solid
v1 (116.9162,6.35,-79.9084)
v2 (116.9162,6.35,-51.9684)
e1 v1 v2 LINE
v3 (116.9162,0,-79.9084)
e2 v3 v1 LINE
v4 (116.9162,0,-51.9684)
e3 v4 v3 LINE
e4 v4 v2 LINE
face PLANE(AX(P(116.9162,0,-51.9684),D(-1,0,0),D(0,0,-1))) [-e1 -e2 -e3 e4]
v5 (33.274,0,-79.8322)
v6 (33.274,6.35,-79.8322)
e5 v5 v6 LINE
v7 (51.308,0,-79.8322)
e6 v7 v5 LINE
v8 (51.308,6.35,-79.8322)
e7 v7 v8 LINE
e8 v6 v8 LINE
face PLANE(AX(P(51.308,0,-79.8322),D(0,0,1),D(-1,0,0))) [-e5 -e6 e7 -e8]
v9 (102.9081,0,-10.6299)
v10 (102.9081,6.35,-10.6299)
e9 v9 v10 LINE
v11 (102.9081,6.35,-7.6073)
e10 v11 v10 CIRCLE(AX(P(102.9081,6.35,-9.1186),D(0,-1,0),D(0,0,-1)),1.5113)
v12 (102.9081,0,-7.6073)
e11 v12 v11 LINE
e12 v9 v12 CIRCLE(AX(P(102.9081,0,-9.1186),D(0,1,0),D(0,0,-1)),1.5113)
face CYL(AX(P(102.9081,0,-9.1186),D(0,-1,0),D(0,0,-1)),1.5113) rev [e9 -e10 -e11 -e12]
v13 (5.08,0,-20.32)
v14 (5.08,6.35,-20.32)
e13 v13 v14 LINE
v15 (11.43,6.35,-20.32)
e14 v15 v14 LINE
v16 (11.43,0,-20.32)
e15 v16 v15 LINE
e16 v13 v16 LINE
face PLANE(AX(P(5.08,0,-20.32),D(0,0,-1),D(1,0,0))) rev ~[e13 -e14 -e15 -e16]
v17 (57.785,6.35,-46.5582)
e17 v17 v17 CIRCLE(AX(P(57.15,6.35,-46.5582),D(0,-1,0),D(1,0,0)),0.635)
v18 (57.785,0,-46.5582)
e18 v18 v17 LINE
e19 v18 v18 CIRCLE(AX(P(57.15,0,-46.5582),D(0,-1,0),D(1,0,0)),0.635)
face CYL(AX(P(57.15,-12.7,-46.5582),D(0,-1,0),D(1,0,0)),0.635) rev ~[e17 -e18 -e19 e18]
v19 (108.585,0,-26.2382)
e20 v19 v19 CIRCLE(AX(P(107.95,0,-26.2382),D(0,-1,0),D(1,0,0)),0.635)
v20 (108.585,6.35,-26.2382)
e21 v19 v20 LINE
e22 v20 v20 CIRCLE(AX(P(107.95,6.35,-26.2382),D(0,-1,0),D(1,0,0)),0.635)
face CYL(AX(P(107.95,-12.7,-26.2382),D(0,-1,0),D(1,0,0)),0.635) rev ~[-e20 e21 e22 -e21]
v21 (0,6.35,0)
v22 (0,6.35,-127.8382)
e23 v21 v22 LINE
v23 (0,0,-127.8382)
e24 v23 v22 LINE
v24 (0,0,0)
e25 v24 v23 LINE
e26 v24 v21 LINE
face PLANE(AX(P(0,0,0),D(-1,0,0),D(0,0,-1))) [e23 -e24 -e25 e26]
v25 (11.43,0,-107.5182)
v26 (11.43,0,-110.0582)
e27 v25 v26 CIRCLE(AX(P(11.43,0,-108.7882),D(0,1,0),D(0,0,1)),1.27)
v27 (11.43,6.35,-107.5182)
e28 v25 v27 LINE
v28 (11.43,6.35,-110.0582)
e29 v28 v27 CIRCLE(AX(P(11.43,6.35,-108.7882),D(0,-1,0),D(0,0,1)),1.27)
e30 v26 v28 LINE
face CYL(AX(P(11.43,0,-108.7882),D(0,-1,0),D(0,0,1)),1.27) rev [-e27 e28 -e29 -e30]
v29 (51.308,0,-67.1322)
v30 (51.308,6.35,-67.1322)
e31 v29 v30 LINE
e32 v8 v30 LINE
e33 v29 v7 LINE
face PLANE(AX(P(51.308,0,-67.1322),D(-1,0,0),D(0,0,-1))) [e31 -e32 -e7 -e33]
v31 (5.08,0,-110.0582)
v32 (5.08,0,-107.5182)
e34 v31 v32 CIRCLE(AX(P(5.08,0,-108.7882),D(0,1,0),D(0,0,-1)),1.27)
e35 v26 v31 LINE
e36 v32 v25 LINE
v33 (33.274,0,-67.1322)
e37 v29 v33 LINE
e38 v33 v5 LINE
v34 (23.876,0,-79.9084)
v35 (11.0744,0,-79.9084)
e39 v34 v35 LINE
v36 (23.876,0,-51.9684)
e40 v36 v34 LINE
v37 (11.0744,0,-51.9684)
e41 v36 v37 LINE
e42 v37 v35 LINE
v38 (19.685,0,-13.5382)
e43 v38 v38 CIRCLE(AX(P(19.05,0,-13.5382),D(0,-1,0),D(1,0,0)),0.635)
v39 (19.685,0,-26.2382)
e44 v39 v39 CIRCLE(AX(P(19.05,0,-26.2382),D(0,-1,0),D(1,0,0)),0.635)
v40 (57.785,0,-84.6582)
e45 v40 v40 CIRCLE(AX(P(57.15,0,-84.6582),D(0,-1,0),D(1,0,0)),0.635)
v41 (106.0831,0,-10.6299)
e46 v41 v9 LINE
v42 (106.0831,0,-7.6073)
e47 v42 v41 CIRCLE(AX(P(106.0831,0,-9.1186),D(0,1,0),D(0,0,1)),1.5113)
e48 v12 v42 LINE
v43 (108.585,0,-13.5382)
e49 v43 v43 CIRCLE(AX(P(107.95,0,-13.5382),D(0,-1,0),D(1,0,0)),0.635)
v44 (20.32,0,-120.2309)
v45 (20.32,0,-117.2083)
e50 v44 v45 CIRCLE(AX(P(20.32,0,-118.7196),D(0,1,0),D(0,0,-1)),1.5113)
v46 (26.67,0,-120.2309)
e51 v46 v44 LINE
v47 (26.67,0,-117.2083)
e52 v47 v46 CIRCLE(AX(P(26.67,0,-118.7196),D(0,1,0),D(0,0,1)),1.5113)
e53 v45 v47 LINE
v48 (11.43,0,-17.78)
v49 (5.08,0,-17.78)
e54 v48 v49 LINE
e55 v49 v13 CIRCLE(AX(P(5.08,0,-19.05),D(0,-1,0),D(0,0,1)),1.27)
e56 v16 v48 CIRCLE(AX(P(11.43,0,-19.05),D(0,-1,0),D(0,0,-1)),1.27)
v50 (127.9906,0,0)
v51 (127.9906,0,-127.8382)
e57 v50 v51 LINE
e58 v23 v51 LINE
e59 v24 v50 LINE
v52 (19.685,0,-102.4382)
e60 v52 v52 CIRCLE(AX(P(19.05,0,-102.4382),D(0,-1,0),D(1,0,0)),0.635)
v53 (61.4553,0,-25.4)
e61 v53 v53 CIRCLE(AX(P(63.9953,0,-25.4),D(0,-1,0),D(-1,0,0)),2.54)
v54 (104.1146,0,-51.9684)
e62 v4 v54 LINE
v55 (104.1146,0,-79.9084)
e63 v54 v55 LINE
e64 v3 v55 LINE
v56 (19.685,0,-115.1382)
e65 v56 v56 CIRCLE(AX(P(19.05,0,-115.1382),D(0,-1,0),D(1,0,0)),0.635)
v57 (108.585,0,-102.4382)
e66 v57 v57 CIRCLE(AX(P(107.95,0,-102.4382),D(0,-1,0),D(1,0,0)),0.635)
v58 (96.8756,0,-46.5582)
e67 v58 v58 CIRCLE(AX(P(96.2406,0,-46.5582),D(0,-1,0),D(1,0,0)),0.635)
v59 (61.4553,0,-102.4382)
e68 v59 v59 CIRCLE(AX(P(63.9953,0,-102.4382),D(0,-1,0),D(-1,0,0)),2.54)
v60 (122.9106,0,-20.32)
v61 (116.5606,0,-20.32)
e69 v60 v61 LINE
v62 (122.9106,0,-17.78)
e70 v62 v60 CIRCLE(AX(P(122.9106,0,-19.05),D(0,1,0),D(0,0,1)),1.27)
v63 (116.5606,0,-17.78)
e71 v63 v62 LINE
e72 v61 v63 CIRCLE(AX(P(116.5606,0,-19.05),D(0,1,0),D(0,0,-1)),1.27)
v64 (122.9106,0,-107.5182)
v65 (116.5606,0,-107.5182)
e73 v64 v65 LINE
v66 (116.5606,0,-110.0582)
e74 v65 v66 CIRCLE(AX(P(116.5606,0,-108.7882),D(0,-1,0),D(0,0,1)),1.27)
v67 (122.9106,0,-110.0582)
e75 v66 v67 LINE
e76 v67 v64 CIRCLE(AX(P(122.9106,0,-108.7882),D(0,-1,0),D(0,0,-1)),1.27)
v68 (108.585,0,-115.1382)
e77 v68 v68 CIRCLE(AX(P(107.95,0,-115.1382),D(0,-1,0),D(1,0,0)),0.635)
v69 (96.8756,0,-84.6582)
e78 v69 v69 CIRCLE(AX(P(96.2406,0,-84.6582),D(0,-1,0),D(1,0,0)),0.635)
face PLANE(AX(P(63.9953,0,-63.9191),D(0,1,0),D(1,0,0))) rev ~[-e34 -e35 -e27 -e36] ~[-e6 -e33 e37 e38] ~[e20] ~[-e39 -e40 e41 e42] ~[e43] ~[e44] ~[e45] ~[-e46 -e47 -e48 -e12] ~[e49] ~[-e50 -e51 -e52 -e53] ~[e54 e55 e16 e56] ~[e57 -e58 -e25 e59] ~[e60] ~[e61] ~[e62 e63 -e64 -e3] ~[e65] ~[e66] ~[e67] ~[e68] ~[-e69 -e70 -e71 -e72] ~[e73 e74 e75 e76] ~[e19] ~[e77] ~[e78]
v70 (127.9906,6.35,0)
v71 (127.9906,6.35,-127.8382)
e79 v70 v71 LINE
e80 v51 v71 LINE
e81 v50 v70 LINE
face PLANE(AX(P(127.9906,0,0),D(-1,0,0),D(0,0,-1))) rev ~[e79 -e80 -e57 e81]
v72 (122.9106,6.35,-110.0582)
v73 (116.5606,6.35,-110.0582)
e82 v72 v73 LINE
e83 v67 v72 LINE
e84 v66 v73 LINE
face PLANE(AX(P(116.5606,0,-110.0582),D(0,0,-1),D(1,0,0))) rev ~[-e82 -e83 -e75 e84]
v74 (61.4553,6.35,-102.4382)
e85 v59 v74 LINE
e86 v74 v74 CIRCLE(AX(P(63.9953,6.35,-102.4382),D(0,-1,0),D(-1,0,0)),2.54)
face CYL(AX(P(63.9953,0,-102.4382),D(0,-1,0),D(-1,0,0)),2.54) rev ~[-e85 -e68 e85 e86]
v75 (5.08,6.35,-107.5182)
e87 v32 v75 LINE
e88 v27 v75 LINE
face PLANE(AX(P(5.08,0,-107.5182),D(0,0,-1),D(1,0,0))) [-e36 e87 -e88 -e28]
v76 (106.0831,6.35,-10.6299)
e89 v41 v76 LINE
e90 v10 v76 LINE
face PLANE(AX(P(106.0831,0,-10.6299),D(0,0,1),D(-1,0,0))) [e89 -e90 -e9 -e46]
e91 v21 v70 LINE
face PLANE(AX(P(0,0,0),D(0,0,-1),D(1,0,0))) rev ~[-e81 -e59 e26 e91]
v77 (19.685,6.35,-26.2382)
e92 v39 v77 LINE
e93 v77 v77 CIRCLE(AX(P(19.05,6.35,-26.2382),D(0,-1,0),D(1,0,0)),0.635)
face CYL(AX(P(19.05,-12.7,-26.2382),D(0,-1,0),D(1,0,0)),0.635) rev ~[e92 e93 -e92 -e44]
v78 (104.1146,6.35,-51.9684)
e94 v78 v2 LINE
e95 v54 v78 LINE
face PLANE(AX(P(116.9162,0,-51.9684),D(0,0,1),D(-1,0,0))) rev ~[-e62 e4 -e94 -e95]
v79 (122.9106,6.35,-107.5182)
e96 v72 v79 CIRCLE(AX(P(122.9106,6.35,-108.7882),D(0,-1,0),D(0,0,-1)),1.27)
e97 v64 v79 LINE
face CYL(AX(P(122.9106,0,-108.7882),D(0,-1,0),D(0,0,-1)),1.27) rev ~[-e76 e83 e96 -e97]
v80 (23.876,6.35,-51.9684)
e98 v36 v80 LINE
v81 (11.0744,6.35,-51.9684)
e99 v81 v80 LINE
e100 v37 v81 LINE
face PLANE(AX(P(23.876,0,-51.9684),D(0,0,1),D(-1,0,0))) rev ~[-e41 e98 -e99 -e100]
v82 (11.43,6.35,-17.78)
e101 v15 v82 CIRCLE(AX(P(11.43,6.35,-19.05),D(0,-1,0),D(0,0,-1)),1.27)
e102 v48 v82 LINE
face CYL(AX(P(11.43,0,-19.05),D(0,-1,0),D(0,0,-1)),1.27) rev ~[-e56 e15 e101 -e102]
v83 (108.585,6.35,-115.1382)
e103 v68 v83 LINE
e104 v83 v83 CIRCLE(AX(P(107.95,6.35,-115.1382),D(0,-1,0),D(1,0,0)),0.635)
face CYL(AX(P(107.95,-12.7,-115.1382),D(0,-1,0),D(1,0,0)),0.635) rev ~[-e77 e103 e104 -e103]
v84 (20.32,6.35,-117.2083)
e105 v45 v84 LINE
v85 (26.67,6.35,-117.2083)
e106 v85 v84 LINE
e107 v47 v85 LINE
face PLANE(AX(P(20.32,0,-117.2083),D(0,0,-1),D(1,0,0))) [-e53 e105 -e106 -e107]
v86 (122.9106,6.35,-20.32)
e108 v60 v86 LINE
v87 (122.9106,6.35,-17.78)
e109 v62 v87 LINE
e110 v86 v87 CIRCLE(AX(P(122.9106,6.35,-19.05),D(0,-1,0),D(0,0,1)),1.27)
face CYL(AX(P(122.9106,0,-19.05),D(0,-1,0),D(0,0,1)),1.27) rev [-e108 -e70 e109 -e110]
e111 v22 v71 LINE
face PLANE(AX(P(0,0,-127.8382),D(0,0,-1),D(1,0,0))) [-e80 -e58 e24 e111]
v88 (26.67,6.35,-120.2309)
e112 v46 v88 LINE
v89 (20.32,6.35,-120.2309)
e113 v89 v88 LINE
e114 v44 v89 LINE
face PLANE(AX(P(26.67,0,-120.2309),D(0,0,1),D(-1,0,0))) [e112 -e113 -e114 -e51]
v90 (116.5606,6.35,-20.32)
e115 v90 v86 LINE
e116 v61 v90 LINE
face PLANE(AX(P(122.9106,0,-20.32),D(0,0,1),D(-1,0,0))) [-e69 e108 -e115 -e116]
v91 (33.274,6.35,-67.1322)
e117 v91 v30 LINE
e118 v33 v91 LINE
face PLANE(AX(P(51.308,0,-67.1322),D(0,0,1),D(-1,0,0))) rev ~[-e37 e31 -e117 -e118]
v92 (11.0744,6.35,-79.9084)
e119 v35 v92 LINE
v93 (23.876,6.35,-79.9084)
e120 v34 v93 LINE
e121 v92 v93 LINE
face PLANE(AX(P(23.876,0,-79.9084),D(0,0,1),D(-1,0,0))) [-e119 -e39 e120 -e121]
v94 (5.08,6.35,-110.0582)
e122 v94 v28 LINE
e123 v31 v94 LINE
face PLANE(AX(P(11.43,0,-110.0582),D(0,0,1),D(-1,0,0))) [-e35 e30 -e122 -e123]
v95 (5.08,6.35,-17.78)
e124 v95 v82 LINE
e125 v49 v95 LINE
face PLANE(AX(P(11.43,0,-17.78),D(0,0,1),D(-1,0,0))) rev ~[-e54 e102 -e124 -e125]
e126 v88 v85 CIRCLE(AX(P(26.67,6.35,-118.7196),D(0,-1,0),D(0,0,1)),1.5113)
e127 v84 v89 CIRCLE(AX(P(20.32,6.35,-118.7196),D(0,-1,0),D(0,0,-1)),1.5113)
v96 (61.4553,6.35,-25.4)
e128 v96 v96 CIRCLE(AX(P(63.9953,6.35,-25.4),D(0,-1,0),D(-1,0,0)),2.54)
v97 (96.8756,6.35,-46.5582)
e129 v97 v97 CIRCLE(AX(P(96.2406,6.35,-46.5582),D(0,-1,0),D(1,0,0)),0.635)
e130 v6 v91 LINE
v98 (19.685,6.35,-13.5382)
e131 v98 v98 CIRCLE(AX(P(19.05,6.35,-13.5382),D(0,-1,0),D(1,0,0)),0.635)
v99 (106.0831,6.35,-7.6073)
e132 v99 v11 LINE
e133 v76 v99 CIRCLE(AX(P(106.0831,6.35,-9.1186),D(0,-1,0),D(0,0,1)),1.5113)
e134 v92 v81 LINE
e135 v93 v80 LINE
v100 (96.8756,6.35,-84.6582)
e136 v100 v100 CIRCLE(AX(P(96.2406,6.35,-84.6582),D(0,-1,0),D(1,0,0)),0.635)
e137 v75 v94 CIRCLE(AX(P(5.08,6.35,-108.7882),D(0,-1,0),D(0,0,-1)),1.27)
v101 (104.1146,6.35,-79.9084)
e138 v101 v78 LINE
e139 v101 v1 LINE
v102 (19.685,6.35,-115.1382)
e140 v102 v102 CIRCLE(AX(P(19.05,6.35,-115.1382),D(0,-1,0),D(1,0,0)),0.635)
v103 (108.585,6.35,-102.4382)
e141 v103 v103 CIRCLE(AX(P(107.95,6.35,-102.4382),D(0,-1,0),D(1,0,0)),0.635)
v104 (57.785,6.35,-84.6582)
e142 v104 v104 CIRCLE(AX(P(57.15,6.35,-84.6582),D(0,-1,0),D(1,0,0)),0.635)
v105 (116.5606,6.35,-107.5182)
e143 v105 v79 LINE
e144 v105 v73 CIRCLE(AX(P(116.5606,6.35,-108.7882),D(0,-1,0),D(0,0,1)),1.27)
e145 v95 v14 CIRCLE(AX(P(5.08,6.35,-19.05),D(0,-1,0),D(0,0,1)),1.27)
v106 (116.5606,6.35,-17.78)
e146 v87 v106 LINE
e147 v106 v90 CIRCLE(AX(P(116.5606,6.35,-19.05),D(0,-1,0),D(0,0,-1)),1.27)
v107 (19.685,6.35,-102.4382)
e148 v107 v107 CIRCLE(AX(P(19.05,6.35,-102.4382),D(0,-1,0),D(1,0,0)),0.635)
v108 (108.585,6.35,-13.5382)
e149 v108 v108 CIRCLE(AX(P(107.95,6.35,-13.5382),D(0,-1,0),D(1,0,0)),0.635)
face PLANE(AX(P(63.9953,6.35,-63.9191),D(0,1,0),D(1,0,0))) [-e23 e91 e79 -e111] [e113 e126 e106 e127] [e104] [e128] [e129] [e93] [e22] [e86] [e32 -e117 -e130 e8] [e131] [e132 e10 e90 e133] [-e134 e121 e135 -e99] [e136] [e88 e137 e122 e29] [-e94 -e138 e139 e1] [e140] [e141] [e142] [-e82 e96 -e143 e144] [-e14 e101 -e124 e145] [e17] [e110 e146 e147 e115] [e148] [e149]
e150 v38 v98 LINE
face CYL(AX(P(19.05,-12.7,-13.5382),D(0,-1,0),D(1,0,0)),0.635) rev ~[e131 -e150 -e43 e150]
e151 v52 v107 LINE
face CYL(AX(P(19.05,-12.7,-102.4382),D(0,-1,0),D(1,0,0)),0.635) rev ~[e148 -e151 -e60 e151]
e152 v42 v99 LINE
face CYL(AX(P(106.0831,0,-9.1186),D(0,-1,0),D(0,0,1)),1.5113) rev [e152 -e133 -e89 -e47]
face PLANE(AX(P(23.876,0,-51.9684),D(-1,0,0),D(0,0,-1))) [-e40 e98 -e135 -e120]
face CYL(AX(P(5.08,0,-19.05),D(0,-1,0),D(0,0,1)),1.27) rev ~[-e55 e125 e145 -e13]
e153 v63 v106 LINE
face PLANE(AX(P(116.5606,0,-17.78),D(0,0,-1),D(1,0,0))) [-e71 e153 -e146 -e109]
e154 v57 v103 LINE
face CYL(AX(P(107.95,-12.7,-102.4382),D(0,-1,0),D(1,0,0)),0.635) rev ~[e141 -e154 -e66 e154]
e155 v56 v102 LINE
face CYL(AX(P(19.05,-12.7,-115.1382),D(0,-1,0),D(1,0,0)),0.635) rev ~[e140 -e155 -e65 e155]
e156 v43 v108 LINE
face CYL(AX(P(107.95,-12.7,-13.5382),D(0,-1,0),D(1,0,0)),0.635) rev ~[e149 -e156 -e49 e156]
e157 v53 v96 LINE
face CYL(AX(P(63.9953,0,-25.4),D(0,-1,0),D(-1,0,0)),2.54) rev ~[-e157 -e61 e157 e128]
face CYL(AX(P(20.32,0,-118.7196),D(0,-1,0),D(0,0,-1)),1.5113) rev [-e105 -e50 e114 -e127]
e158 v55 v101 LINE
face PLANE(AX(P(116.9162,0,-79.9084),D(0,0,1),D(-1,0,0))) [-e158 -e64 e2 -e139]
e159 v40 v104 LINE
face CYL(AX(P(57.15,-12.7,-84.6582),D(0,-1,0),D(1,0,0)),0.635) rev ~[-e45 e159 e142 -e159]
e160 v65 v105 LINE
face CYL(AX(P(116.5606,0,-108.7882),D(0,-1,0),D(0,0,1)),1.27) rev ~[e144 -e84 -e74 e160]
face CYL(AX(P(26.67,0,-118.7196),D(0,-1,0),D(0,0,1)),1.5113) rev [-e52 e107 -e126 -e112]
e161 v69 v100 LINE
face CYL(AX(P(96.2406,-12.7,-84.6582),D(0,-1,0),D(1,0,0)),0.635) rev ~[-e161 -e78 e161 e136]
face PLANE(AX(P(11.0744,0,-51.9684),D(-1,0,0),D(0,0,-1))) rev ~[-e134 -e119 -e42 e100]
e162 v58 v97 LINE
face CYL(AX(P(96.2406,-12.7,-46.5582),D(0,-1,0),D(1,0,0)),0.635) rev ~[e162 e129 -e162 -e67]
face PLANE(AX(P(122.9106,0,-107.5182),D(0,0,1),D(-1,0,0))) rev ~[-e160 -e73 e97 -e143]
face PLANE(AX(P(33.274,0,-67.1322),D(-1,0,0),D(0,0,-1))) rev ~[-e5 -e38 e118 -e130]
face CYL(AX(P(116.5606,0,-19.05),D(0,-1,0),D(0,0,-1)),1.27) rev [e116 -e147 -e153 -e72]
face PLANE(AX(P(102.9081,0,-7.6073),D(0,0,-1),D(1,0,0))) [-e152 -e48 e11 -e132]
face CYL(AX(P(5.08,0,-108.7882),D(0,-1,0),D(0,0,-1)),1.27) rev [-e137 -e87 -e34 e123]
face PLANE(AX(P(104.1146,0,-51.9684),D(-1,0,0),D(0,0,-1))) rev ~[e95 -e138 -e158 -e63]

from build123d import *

# Parameters (mm, degrees)
SKETCH1_W           = 127.9906
SKETCH1_H           = 127.8382
BOSS_EXTRUDE1_DEPTH = 6.35
SKETCH3_R           = 2.54
SKETCH3_W           = 12.8016
SKETCH3_H           = 27.94
SKETCH3_W_2         = 18.034
SKETCH3_H_2         = 12.7
CUT_EXTRUDE1_DEPTH  = 7.35
SKETCH8_R           = 0.635
CUT_EXTRUDE2_DEPTH  = 20.05


with BuildPart() as part:
    # Sketch1 → Boss-Extrude1 (new body)
    with BuildSketch(Plane(origin=(0, 0, 0), x_dir=(1, 0, 0), z_dir=(0, 1, 0))):
        with Locations((63.9953, 63.9191)):
            Rectangle(SKETCH1_W, SKETCH1_H)
    extrude(amount=BOSS_EXTRUDE1_DEPTH)

    # Sketch3 → Cut-Extrude1 (cut, through all)
    with BuildSketch(Plane(origin=(0, 0, 0), x_dir=(-1, 0, 0), z_dir=(0, -1, 0))):
        with Locations((-63.9953, 25.4)):
            Circle(SKETCH3_R)
        with Locations((-63.9953, 102.4382)):
            Circle(SKETCH3_R)
        with BuildLine():
            Line((-5.08, 107.5182), (-11.43, 107.5182))
            ThreePointArc((-11.43, 107.5182), (-12.7, 108.7882), (-11.43, 110.0582))
            Line((-11.43, 110.0582), (-5.08, 110.0582))
            ThreePointArc((-5.08, 110.0582), (-3.81, 108.7882), (-5.08, 107.5182))
        make_face()
        with BuildLine():
            Line((-122.9106, 107.5182), (-116.5606, 107.5182))
            ThreePointArc((-116.5606, 107.5182), (-115.2906, 108.7882), (-116.5606, 110.0582))
            Line((-116.5606, 110.0582), (-122.9106, 110.0582))
            ThreePointArc((-122.9106, 110.0582), (-124.1806, 108.7882), (-122.9106, 107.5182))
        make_face()
        with BuildLine():
            Line((-122.9106, 20.32), (-116.5606, 20.32))
            ThreePointArc((-116.5606, 20.32), (-115.2906, 19.05), (-116.5606, 17.78))
            Line((-116.5606, 17.78), (-122.9106, 17.78))
            ThreePointArc((-122.9106, 17.78), (-124.1806, 19.05), (-122.9106, 20.32))
        make_face()
        with BuildLine():
            Line((-5.08, 20.32), (-11.43, 20.32))
            ThreePointArc((-11.43, 20.32), (-12.7, 19.05), (-11.43, 17.78))
            Line((-11.43, 17.78), (-5.08, 17.78))
            ThreePointArc((-5.08, 17.78), (-3.81, 19.05), (-5.08, 20.32))
        make_face()
        with BuildLine():
            Line((-20.32, 117.2083), (-26.67, 117.2083))
            ThreePointArc((-26.67, 117.2083), (-28.1813, 118.7196), (-26.67, 120.2309))
            Line((-26.67, 120.2309), (-20.32, 120.2309))
            ThreePointArc((-20.32, 120.2309), (-18.8087, 118.7196), (-20.32, 117.2083))
        make_face()
        with BuildLine():
            Line((-102.9081, 7.6073), (-106.0831, 7.6073))
            ThreePointArc((-106.0831, 7.6073), (-107.5944, 9.1186), (-106.0831, 10.6299))
            Line((-106.0831, 10.6299), (-102.9081, 10.6299))
            ThreePointArc((-102.9081, 10.6299), (-101.3968, 9.1186), (-102.9081, 7.6073))
        make_face()
        with Locations((-110.5154, 65.9384)):
            Rectangle(SKETCH3_W, SKETCH3_H)
        with Locations((-17.4752, 65.9384)):
            Rectangle(SKETCH3_W, SKETCH3_H)
        with Locations((-42.291, 73.4822)):
            Rectangle(SKETCH3_W_2, SKETCH3_H_2)
    extrude(amount=-CUT_EXTRUDE1_DEPTH, mode=Mode.SUBTRACT)

    # Sketch8 → Cut-Extrude2 (cut, through all)
    with BuildSketch(Plane.XZ.offset(12.7)):
        with Locations((19.05, -26.2382)):
            Circle(SKETCH8_R)
        with Locations((19.05, -13.5382)):
            Circle(SKETCH8_R)
        with Locations((19.05, -102.4382)):
            Circle(SKETCH8_R)
        with Locations((19.05, -115.1382)):
            Circle(SKETCH8_R)
        with Locations((57.15, -84.6582)):
            Circle(SKETCH8_R)
        with Locations((57.15, -46.5582)):
            Circle(SKETCH8_R)
        with Locations((96.2406, -46.5582)):
            Circle(SKETCH8_R)
        with Locations((96.2406, -84.6582)):
            Circle(SKETCH8_R)
        with Locations((107.95, -115.1382)):
            Circle(SKETCH8_R)
        with Locations((107.95, -102.4382)):
            Circle(SKETCH8_R)
        with Locations((107.95, -26.2382)):
            Circle(SKETCH8_R)
        with Locations((107.95, -13.5382)):
            Circle(SKETCH8_R)
    extrude(amount=-CUT_EXTRUDE2_DEPTH, mode=Mode.SUBTRACT)


solid = part.part
